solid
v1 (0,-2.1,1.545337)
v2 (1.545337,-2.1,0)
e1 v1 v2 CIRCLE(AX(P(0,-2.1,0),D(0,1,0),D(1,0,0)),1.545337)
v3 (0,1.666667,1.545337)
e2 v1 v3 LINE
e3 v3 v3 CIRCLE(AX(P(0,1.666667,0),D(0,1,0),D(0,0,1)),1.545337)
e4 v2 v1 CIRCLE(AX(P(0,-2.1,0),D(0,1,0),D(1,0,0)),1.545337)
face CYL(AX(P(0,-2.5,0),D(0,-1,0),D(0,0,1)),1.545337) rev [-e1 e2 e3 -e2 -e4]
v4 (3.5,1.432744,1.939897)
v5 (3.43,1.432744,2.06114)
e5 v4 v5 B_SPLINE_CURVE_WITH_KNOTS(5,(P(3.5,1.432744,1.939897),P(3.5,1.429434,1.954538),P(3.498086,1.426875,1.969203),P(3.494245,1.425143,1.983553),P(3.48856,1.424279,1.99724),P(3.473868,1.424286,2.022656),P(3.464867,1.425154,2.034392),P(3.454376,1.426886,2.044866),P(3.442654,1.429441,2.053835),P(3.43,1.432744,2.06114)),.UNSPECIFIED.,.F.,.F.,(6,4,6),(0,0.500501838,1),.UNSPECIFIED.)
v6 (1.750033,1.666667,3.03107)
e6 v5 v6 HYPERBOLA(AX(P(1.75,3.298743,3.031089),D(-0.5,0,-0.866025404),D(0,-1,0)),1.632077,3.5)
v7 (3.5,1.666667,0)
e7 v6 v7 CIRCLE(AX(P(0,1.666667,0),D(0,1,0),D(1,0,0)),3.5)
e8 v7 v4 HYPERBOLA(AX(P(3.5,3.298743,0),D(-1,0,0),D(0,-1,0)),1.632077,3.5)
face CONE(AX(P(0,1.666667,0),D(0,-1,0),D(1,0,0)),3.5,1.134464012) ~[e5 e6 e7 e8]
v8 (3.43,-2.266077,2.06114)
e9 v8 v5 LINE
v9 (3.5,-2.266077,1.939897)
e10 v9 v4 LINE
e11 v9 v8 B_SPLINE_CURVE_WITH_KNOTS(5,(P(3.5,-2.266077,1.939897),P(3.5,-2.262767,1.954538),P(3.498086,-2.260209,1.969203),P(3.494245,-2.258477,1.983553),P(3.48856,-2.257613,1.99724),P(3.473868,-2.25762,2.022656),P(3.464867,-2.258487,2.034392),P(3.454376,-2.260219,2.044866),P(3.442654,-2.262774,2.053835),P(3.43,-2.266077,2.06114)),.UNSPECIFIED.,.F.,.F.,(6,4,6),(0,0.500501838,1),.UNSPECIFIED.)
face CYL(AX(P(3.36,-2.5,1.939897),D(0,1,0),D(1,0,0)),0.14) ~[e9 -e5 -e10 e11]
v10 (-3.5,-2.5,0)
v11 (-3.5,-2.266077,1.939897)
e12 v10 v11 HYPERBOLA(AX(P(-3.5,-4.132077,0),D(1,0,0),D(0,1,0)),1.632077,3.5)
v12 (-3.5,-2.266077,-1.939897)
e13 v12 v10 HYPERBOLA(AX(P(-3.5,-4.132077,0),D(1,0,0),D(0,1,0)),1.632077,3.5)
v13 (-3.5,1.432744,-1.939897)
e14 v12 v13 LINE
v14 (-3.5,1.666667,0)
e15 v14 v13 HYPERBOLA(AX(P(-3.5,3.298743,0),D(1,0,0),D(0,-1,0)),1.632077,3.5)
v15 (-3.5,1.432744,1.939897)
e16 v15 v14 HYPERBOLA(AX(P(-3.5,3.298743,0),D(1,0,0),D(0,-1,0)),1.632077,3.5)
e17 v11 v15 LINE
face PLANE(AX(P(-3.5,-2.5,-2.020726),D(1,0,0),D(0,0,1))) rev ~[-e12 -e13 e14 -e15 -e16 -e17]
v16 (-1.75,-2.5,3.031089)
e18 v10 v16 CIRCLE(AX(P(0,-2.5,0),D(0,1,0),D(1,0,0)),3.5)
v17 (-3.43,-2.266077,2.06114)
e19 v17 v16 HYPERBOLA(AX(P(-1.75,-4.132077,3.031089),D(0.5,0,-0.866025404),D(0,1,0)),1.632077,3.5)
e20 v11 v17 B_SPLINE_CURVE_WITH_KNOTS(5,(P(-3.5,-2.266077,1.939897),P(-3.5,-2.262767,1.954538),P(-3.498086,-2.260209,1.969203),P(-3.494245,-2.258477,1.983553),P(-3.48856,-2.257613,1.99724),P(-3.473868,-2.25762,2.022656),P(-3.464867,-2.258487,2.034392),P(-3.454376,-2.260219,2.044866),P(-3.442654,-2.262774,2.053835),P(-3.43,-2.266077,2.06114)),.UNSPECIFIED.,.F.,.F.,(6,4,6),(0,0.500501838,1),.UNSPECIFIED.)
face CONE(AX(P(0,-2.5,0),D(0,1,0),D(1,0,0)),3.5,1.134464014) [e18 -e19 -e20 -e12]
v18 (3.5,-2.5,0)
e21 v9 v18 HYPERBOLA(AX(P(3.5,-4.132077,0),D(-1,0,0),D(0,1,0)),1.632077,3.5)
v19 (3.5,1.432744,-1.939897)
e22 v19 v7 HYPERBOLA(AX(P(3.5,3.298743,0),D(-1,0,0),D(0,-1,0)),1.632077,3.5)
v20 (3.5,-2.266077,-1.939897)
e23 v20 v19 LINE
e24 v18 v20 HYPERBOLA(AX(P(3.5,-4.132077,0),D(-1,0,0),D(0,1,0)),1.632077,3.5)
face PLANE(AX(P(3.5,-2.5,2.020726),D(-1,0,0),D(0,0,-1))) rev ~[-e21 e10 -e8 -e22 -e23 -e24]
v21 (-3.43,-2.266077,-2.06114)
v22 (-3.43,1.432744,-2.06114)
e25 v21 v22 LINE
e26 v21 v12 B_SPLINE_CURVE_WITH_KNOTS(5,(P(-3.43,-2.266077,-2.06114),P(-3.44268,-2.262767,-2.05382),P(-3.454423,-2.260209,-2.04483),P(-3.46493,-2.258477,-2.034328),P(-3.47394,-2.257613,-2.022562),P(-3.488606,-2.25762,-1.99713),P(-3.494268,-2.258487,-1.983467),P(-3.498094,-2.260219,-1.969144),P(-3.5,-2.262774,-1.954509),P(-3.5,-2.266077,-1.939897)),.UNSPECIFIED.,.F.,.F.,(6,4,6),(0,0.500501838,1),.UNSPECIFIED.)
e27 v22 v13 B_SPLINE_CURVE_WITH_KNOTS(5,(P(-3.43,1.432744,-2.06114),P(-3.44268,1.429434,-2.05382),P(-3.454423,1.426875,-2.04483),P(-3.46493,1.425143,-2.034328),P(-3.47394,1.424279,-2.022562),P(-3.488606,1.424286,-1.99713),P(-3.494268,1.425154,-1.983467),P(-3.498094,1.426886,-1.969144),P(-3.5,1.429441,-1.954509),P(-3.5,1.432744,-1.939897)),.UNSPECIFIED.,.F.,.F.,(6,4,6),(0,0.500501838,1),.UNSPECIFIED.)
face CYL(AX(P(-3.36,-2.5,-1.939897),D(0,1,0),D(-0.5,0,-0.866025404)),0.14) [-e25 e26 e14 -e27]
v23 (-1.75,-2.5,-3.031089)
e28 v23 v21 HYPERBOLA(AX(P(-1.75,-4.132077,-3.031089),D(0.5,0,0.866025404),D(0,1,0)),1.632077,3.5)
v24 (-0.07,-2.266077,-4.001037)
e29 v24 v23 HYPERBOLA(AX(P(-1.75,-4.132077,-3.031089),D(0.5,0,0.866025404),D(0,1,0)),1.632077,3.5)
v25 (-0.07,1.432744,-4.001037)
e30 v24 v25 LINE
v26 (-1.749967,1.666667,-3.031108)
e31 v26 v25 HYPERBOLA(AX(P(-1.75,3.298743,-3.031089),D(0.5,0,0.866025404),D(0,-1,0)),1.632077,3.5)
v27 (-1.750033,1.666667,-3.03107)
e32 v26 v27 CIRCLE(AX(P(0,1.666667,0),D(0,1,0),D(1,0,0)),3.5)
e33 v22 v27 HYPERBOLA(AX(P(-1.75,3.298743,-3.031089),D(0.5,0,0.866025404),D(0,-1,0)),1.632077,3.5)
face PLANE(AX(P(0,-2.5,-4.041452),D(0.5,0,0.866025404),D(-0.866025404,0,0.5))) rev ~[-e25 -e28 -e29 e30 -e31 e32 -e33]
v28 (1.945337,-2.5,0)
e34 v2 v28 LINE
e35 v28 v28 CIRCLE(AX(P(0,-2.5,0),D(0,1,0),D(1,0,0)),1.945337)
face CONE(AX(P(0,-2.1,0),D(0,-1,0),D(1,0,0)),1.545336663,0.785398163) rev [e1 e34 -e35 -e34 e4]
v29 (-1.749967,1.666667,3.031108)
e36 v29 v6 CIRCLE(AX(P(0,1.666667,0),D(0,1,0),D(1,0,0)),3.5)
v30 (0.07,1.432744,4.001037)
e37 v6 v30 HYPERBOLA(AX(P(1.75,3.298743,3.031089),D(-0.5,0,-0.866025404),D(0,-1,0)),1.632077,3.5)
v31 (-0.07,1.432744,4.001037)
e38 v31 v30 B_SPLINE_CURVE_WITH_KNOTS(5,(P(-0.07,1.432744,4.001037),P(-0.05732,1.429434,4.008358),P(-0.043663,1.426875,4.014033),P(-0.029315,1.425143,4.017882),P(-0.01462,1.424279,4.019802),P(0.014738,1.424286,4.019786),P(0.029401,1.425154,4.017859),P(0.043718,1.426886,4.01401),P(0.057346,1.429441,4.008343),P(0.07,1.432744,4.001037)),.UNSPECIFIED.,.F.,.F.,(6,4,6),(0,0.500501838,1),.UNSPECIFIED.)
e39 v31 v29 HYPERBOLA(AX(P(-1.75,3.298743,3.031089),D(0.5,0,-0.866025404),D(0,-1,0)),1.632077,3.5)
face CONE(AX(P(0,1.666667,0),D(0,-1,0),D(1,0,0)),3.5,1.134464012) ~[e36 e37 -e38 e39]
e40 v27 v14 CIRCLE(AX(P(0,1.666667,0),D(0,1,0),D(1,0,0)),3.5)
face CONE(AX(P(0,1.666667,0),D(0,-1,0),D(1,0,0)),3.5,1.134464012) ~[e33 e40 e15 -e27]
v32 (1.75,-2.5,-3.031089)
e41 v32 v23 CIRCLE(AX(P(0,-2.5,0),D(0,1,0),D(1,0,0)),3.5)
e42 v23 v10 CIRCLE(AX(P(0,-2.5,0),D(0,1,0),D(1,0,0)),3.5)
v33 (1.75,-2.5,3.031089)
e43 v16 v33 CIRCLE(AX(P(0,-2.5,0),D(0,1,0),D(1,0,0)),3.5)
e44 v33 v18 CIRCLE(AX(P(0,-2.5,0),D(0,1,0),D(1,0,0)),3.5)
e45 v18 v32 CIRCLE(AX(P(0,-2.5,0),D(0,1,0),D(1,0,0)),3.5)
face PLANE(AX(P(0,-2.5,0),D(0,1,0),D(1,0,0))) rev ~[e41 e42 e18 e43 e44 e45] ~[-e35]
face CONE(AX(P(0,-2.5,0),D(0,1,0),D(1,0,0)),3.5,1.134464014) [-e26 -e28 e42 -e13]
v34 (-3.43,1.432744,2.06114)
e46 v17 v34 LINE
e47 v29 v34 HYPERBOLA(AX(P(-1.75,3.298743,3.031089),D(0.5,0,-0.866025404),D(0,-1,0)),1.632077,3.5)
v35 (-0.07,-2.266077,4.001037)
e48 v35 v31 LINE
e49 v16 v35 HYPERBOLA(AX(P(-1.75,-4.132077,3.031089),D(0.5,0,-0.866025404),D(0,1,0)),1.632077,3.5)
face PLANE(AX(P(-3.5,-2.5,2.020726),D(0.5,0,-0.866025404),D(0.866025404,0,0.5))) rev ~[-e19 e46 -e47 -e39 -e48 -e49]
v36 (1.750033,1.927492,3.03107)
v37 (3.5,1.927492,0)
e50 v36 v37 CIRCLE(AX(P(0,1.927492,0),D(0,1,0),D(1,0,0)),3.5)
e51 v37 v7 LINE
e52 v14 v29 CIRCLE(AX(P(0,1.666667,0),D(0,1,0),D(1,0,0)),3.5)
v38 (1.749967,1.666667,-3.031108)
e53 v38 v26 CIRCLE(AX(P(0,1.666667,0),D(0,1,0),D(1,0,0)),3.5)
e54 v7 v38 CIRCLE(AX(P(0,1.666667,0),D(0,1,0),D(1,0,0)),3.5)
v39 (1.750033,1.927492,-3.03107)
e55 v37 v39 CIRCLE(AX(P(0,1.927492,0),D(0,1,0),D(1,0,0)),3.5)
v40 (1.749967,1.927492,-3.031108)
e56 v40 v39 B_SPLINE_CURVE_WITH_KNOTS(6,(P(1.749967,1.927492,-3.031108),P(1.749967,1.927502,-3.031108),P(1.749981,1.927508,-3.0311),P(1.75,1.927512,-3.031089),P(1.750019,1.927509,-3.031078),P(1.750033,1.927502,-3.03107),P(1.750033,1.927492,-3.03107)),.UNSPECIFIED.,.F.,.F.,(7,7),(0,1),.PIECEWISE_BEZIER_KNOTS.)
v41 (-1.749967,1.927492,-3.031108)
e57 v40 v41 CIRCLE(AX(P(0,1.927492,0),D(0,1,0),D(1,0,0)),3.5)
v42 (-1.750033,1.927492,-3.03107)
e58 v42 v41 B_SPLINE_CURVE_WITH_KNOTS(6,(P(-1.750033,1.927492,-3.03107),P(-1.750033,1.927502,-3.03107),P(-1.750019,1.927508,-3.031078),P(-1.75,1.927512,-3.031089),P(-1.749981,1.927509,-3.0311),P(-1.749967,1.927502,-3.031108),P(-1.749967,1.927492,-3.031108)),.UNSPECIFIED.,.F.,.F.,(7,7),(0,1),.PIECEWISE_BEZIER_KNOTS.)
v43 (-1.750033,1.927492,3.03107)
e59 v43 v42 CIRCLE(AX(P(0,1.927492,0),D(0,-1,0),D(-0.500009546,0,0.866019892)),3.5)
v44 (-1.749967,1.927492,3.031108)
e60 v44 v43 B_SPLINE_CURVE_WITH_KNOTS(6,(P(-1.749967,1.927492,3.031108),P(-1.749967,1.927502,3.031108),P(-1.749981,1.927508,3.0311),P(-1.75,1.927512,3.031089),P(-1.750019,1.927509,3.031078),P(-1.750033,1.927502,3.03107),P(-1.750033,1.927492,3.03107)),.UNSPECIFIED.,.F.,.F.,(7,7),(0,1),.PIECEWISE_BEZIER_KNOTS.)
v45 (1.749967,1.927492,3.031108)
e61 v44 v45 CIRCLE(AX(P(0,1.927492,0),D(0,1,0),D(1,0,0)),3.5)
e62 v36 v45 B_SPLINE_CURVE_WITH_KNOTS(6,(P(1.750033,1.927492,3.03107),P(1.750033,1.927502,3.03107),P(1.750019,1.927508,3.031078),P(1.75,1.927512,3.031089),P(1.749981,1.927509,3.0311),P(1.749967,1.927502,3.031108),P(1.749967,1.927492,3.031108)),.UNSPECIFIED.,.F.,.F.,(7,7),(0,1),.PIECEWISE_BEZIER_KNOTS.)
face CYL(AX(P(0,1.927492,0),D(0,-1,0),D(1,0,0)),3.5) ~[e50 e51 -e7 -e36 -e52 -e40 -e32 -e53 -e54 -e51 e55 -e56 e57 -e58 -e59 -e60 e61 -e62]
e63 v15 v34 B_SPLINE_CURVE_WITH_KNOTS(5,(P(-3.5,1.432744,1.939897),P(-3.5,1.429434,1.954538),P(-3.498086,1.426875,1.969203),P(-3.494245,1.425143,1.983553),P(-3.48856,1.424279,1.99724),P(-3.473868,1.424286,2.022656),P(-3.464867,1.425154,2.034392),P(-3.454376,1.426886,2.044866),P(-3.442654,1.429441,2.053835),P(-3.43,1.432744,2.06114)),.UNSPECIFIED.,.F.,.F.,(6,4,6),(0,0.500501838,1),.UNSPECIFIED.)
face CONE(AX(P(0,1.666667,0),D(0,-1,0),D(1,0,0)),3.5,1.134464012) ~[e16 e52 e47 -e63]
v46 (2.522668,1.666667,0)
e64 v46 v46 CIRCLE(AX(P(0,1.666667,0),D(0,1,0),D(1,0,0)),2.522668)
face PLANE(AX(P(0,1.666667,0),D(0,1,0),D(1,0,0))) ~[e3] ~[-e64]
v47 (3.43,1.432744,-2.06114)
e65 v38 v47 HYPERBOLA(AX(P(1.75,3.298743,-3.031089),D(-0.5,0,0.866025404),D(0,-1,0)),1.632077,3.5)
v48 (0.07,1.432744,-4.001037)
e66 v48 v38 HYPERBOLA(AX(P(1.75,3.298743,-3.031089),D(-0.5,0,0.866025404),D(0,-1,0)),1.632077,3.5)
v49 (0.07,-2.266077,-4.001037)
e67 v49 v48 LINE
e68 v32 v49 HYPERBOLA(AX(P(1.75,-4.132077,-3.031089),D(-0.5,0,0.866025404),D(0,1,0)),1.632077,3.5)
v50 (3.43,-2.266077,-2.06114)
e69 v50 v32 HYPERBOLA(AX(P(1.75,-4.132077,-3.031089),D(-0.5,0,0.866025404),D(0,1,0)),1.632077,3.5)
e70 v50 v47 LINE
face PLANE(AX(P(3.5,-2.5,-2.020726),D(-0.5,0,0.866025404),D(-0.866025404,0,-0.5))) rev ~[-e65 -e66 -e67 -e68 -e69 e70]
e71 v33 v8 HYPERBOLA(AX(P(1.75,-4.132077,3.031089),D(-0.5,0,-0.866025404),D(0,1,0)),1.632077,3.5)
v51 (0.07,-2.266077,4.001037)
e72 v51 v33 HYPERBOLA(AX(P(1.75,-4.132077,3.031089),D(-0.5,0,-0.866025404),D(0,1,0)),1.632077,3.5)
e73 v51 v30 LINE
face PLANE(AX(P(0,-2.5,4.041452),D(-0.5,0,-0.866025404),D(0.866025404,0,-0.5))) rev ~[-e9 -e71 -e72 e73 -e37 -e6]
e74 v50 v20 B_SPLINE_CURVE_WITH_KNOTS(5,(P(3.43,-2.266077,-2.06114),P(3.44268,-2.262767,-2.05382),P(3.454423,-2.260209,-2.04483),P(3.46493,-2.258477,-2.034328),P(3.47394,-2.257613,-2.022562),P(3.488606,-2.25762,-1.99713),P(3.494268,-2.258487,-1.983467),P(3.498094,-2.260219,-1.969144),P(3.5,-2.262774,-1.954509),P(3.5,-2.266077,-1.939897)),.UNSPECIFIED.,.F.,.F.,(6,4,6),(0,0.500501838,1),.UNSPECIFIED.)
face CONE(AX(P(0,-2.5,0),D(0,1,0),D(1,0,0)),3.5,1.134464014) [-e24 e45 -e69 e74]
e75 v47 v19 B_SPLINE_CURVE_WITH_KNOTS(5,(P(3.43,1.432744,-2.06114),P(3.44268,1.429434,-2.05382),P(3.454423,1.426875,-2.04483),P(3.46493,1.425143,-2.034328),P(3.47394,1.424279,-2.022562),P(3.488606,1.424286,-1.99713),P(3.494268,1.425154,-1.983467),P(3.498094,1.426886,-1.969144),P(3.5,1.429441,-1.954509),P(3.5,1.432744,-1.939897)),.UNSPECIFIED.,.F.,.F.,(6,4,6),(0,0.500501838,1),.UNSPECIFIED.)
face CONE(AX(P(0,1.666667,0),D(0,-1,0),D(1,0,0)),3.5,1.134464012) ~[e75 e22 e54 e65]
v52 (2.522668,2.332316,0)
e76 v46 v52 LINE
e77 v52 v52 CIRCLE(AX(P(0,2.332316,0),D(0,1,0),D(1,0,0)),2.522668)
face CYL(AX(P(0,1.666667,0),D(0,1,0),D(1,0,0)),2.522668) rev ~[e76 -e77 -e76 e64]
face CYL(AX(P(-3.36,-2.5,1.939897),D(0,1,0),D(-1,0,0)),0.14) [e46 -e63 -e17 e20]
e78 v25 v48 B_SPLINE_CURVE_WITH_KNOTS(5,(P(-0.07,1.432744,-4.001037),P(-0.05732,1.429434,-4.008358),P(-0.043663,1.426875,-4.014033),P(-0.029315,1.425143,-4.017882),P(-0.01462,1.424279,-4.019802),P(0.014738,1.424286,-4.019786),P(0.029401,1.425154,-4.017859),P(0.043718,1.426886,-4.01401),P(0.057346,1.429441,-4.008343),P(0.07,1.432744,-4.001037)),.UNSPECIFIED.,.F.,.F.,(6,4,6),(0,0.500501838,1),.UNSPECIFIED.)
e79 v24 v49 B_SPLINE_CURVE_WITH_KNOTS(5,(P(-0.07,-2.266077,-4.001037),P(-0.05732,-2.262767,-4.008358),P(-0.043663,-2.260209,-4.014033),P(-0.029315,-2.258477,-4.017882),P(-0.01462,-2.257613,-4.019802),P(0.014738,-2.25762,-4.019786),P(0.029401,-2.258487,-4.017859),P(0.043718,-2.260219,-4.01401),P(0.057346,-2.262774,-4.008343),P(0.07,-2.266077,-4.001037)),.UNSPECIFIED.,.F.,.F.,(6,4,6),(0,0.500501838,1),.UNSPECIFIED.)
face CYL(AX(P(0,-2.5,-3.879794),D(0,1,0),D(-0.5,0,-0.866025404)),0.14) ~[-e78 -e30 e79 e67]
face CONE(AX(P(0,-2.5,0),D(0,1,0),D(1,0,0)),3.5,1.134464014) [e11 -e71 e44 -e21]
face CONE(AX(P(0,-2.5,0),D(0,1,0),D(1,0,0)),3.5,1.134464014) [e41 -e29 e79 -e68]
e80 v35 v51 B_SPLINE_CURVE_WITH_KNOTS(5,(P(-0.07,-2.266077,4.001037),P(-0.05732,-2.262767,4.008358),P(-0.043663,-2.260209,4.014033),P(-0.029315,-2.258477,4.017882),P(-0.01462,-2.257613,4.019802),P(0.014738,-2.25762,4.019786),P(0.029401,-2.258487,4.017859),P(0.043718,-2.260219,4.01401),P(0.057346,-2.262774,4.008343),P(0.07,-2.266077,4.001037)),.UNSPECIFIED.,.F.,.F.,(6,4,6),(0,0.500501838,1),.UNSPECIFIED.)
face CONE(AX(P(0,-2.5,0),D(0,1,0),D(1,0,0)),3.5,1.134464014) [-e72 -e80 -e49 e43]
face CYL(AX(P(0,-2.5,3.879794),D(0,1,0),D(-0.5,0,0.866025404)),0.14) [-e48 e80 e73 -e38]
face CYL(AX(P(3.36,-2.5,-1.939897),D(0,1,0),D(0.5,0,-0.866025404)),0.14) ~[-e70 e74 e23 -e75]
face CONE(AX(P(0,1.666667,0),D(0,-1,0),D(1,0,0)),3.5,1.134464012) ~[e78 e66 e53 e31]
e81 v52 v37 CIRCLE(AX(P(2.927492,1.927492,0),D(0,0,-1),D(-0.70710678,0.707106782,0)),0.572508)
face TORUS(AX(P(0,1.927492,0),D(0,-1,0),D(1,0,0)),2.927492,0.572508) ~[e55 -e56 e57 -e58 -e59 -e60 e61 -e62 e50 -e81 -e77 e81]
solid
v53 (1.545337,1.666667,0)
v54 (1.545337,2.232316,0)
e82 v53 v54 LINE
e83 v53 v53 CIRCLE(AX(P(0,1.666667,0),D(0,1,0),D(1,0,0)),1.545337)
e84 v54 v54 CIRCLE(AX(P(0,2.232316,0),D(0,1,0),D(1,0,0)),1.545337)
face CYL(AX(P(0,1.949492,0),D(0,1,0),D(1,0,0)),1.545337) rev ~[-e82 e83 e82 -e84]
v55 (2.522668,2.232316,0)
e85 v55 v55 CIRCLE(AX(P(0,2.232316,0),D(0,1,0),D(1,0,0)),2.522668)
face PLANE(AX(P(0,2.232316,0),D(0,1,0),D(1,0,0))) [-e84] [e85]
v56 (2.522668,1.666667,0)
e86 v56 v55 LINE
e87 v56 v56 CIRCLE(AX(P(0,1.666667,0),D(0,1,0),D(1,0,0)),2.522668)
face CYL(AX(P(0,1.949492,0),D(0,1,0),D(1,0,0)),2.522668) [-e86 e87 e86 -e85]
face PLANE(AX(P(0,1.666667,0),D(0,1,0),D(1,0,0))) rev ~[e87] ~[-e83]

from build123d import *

# Parameters (mm, degrees)
BOSS_EXTRUDE1_DEPTH      = 2.5
BOSS_EXTRUDE1_DEPTH_BACK = 2.5
SKETCH2_R                = 1.545336663
FILLET1_R                = 0.14
SKETCH4_W                = 0.977331669
SKETCH4_H                = 0.565649729


with BuildPart() as part:
    # Sketch2 → Boss-Extrude1 (new, two sides: drawn at the far end of the back side and taken through both)
    with BuildSketch(Plane(origin=(0, 0, 0), x_dir=(1, 0, 0), z_dir=(0, 1, 0)).offset(-BOSS_EXTRUDE1_DEPTH_BACK)):
        Polygon((0, 4.041451884), (-3.5, 2.020725942), (-3.5, -2.020725942), (0, -4.041451884), (3.5, -2.020725942), (3.5, 2.020725942), align=None)
        with Locations(Location((0, 0, 0), (0, 0, 270))):
            Circle(SKETCH2_R, mode=Mode.SUBTRACT)
    extrude(amount=BOSS_EXTRUDE1_DEPTH + BOSS_EXTRUDE1_DEPTH_BACK)

    # Fillet1
    fillet1_edges = [part.edges().sort_by_distance(p)[0] for p in [
        (3.5, 0, -2.020725942),
        (3.5, 0, 2.020725942),
        (0, 0, 4.041451884),
        (-3.5, 0, 2.020725942),
        (-3.5, 0, -2.020725942),
        (0, 0, -4.041451884),
    ]]
    fillet(fillet1_edges, radius=FILLET1_R)

    # Sketch3 → Cut-Revolve2 (revolve, cut)
    with BuildSketch(Plane(origin=(0, 0, 0), x_dir=(0, 0, -1), z_dir=(1, 0, 0)), mode=Mode.PRIVATE) as cut_revolve2_sk:
        with BuildLine():
            Line((4.041451884, 1.666666667), (4.041451884, 3.5))
            Line((4.041451884, 3.5), (1.545336663, 3.5))
            Line((1.545336663, 3.5), (1.545336663, 1.666666667))
            Line((1.545336663, 1.666666667), (2.522668332, 1.666666667))
            Line((2.522668332, 1.666666667), (2.522668332, 2.332316396))
            ThreePointArc((2.522668332, 2.332316396), (3.146581551, 2.456420451), (3.5, 1.927492364))
            Line((3.5, 1.927492364), (3.5, 1.666666667))
            Line((3.5, 1.666666667), (4.041451884, 1.414183506))
            Line((4.041451884, 1.414183506), (4.041451884, 1.666666667))
        make_face()
        Polygon((3.5, -2.5), (4.041451884, -2.24751684), (4.041451884, -2.5), align=None)
        Polygon((1.545336663, -2.5), (1.545336663, -2.1), (1.945336663, -2.5), align=None)
    revolve(cut_revolve2_sk.sketch.rotate(Axis((0, -2.5, 0), (0, 1, 0)), 270), axis=Axis((0, -2.5, 0), (0, 1, 0)), mode=Mode.SUBTRACT)


with BuildPart() as body_2:
    # Sketch4 → Revolve1 (revolve)
    with BuildSketch(Plane(origin=(0, 0, 0), x_dir=(0, 0, -1), z_dir=(1, 0, 0)), mode=Mode.PRIVATE) as revolve1_sk:
        with Locations((-2.034002498, 1.949491532)):
            Rectangle(SKETCH4_W, SKETCH4_H)
    revolve(revolve1_sk.sketch.rotate(Axis((0, -2.5, 0), (0, 1, 0)), 90), axis=Axis((0, -2.5, 0), (0, 1, 0)))


solid = Compound([part.part, body_2.part])
